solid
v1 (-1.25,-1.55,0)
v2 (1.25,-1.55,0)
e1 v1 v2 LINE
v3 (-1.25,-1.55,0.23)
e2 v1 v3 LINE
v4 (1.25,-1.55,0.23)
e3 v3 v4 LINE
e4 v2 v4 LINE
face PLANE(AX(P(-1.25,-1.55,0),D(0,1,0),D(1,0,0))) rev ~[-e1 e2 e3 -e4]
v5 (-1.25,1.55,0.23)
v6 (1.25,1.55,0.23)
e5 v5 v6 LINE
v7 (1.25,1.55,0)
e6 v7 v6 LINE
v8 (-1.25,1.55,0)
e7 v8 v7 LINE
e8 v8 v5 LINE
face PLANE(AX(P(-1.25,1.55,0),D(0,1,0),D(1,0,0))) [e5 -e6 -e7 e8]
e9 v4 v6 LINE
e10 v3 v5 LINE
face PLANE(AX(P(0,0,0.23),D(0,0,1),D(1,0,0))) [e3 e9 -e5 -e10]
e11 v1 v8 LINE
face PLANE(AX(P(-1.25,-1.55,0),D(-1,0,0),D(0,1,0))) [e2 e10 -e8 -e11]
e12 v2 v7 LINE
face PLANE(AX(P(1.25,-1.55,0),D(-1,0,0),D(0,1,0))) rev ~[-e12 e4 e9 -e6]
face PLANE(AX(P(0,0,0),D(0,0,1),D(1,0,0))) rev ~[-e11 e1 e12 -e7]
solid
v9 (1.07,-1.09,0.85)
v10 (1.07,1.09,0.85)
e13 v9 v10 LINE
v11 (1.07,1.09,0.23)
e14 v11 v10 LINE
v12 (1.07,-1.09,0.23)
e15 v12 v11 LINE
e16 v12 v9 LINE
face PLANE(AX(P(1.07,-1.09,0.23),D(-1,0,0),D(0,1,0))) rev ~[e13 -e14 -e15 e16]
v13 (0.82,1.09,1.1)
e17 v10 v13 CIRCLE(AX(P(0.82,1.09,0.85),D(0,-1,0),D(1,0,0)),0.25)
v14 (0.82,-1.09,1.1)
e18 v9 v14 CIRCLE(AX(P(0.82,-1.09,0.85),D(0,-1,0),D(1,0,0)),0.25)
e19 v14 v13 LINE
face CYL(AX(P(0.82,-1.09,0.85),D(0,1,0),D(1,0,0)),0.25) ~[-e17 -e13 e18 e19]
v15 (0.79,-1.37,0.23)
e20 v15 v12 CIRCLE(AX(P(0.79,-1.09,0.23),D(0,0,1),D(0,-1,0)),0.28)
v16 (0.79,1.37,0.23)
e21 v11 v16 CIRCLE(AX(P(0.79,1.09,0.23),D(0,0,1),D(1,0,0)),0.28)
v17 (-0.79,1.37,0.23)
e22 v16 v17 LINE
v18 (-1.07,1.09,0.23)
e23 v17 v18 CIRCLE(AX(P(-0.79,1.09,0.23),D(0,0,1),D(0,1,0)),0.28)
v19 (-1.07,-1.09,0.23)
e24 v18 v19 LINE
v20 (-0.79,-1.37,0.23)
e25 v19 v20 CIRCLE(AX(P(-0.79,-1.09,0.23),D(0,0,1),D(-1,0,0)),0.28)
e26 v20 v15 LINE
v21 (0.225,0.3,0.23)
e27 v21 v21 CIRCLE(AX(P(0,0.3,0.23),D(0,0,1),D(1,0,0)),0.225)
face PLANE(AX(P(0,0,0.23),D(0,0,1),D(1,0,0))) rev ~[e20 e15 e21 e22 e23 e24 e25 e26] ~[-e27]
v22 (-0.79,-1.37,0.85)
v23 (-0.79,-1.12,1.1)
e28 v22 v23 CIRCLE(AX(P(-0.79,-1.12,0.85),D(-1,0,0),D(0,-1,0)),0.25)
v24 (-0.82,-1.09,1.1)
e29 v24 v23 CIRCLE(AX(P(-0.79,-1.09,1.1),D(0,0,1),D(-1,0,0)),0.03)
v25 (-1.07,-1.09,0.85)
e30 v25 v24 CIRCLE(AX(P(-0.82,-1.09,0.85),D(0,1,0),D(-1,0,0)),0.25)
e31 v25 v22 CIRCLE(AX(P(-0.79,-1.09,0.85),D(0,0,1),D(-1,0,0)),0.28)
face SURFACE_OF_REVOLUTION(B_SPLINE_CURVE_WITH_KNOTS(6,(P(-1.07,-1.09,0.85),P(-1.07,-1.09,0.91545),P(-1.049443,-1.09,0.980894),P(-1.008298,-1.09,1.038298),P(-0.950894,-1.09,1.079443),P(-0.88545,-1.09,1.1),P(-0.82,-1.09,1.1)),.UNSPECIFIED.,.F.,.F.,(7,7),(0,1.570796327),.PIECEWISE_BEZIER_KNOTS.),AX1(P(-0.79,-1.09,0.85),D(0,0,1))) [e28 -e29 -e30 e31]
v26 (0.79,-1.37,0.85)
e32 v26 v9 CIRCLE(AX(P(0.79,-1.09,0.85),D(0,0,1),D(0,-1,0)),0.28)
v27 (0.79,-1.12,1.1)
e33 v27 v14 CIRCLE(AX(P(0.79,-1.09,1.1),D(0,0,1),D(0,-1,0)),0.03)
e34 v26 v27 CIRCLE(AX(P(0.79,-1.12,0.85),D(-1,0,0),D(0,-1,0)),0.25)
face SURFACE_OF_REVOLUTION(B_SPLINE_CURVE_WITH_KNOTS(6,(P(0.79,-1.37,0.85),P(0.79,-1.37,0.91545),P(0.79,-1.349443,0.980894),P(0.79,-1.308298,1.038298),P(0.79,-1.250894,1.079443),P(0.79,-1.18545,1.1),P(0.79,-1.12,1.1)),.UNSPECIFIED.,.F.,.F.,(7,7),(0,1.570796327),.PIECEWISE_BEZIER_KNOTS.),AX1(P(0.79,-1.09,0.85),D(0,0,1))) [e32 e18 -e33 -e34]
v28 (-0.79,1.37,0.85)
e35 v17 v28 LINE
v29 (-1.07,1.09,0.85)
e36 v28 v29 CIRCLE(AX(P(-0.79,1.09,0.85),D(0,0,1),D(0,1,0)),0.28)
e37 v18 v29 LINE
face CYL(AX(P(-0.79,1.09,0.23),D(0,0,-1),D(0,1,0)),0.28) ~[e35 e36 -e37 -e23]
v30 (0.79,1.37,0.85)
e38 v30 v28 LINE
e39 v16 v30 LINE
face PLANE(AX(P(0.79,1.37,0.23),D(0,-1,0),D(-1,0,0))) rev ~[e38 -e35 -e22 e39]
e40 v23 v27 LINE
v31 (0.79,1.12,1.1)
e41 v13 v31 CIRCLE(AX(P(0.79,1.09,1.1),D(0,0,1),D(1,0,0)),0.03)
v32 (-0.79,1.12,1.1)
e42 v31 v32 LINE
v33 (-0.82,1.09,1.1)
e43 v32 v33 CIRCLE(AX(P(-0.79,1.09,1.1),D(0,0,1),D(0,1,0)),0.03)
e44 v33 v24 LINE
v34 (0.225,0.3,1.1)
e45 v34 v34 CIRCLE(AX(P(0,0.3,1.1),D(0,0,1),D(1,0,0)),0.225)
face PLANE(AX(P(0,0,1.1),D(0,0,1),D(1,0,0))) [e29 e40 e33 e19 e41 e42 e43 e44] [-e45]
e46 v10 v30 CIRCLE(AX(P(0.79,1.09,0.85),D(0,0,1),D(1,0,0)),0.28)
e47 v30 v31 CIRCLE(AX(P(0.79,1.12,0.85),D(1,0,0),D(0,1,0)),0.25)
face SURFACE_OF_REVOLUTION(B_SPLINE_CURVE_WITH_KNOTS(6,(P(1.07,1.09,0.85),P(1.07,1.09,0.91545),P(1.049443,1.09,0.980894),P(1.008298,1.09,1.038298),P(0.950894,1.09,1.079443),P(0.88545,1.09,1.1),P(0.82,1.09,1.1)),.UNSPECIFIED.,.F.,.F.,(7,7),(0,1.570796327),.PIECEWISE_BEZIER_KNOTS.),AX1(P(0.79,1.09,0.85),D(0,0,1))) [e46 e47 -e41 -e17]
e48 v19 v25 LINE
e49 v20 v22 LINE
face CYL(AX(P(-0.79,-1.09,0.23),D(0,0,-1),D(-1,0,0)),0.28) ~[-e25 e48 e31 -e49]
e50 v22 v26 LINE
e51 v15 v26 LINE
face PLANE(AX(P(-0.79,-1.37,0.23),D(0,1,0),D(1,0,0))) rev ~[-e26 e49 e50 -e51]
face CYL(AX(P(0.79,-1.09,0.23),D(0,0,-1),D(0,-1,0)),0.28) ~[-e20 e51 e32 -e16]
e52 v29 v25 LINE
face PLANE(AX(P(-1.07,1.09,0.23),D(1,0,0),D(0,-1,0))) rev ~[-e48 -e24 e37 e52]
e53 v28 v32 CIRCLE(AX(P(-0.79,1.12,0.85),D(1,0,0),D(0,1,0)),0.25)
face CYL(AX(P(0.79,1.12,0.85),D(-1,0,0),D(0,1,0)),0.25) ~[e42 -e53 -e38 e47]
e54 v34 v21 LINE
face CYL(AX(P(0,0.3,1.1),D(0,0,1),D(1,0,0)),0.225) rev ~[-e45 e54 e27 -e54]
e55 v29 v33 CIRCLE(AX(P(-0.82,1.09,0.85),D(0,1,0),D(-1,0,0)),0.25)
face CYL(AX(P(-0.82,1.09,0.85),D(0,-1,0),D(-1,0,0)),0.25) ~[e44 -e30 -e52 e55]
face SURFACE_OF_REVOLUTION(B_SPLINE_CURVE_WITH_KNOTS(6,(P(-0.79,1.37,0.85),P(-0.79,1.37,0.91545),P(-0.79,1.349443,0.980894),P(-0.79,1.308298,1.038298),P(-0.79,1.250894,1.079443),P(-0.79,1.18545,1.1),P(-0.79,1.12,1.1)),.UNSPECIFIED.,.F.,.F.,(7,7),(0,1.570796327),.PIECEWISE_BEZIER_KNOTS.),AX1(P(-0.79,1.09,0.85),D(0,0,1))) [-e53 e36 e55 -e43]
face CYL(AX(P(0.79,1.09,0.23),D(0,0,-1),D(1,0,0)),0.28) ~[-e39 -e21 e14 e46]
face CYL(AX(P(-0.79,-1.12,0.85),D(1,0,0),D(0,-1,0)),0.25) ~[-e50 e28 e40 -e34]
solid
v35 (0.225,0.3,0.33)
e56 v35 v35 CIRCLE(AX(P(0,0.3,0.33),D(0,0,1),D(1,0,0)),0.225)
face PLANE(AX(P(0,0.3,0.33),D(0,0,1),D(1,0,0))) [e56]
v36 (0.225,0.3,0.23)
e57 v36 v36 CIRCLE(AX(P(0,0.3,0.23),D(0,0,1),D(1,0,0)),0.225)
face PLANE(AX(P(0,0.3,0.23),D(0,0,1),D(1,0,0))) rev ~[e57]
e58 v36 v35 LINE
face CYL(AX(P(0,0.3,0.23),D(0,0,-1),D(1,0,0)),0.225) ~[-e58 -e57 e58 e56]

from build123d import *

# Parameters (mm, degrees)
F0_W     = 2.5
F0_H     = 3.1
F1_DEPTH = 0.23
F3_DEPTH = 0.87
F4_R     = 0.25
F5_R     = 0.225
F6_DEPTH = 0.87
F7_R     = 0.225
F8_DEPTH = 0.1


with BuildPart() as f1:
    # F0 (on Top) → F1 (new body)
    with BuildSketch(Plane.XY):
        Rectangle(F0_W, F0_H)
    extrude(amount=F1_DEPTH)


with BuildPart() as f3:
    # F2 (on face) → F3 (new body)
    with BuildSketch(Plane.XY.offset(0.23)):
        with BuildLine():
            Line((-0.79, -1.37), (0.79, -1.37))
            ThreePointArc((0.79, -1.37), (0.9879898987, -1.2879898987), (1.07, -1.09))
            Line((1.07, -1.09), (1.07, 1.09))
            ThreePointArc((1.07, 1.09), (0.9879898987, 1.2879898987), (0.79, 1.37))
            Line((0.79, 1.37), (-0.79, 1.37))
            ThreePointArc((-0.79, 1.37), (-0.9879898987, 1.2879898987), (-1.07, 1.09))
            Line((-1.07, 1.09), (-1.07, -1.09))
            ThreePointArc((-1.07, -1.09), (-0.9879898987, -1.2879898987), (-0.79, -1.37))
        make_face()
    extrude(amount=F3_DEPTH)

    # F4
    f4_edges = [f3.edges().sort_by_distance(p)[0] for p in [
        (0, -1.37, 1.1),
    ]]
    fillet(f4_edges, radius=F4_R)

    # F5 (on face) → F6 (cut, through all)
    with BuildSketch(Plane.XY.offset(1.1)):
        with Locations((0, 0.3)):
            Circle(F5_R)
    extrude(amount=-F6_DEPTH, mode=Mode.SUBTRACT)


with BuildPart() as f8:
    # F7 (on face) → F8 (new body)
    with BuildSketch(Plane.XY.offset(0.23)):
        with Locations((0, 0.3)):
            Circle(F7_R)
    extrude(amount=F8_DEPTH)


solid = Compound([f1.part, f3.part, f8.part])
